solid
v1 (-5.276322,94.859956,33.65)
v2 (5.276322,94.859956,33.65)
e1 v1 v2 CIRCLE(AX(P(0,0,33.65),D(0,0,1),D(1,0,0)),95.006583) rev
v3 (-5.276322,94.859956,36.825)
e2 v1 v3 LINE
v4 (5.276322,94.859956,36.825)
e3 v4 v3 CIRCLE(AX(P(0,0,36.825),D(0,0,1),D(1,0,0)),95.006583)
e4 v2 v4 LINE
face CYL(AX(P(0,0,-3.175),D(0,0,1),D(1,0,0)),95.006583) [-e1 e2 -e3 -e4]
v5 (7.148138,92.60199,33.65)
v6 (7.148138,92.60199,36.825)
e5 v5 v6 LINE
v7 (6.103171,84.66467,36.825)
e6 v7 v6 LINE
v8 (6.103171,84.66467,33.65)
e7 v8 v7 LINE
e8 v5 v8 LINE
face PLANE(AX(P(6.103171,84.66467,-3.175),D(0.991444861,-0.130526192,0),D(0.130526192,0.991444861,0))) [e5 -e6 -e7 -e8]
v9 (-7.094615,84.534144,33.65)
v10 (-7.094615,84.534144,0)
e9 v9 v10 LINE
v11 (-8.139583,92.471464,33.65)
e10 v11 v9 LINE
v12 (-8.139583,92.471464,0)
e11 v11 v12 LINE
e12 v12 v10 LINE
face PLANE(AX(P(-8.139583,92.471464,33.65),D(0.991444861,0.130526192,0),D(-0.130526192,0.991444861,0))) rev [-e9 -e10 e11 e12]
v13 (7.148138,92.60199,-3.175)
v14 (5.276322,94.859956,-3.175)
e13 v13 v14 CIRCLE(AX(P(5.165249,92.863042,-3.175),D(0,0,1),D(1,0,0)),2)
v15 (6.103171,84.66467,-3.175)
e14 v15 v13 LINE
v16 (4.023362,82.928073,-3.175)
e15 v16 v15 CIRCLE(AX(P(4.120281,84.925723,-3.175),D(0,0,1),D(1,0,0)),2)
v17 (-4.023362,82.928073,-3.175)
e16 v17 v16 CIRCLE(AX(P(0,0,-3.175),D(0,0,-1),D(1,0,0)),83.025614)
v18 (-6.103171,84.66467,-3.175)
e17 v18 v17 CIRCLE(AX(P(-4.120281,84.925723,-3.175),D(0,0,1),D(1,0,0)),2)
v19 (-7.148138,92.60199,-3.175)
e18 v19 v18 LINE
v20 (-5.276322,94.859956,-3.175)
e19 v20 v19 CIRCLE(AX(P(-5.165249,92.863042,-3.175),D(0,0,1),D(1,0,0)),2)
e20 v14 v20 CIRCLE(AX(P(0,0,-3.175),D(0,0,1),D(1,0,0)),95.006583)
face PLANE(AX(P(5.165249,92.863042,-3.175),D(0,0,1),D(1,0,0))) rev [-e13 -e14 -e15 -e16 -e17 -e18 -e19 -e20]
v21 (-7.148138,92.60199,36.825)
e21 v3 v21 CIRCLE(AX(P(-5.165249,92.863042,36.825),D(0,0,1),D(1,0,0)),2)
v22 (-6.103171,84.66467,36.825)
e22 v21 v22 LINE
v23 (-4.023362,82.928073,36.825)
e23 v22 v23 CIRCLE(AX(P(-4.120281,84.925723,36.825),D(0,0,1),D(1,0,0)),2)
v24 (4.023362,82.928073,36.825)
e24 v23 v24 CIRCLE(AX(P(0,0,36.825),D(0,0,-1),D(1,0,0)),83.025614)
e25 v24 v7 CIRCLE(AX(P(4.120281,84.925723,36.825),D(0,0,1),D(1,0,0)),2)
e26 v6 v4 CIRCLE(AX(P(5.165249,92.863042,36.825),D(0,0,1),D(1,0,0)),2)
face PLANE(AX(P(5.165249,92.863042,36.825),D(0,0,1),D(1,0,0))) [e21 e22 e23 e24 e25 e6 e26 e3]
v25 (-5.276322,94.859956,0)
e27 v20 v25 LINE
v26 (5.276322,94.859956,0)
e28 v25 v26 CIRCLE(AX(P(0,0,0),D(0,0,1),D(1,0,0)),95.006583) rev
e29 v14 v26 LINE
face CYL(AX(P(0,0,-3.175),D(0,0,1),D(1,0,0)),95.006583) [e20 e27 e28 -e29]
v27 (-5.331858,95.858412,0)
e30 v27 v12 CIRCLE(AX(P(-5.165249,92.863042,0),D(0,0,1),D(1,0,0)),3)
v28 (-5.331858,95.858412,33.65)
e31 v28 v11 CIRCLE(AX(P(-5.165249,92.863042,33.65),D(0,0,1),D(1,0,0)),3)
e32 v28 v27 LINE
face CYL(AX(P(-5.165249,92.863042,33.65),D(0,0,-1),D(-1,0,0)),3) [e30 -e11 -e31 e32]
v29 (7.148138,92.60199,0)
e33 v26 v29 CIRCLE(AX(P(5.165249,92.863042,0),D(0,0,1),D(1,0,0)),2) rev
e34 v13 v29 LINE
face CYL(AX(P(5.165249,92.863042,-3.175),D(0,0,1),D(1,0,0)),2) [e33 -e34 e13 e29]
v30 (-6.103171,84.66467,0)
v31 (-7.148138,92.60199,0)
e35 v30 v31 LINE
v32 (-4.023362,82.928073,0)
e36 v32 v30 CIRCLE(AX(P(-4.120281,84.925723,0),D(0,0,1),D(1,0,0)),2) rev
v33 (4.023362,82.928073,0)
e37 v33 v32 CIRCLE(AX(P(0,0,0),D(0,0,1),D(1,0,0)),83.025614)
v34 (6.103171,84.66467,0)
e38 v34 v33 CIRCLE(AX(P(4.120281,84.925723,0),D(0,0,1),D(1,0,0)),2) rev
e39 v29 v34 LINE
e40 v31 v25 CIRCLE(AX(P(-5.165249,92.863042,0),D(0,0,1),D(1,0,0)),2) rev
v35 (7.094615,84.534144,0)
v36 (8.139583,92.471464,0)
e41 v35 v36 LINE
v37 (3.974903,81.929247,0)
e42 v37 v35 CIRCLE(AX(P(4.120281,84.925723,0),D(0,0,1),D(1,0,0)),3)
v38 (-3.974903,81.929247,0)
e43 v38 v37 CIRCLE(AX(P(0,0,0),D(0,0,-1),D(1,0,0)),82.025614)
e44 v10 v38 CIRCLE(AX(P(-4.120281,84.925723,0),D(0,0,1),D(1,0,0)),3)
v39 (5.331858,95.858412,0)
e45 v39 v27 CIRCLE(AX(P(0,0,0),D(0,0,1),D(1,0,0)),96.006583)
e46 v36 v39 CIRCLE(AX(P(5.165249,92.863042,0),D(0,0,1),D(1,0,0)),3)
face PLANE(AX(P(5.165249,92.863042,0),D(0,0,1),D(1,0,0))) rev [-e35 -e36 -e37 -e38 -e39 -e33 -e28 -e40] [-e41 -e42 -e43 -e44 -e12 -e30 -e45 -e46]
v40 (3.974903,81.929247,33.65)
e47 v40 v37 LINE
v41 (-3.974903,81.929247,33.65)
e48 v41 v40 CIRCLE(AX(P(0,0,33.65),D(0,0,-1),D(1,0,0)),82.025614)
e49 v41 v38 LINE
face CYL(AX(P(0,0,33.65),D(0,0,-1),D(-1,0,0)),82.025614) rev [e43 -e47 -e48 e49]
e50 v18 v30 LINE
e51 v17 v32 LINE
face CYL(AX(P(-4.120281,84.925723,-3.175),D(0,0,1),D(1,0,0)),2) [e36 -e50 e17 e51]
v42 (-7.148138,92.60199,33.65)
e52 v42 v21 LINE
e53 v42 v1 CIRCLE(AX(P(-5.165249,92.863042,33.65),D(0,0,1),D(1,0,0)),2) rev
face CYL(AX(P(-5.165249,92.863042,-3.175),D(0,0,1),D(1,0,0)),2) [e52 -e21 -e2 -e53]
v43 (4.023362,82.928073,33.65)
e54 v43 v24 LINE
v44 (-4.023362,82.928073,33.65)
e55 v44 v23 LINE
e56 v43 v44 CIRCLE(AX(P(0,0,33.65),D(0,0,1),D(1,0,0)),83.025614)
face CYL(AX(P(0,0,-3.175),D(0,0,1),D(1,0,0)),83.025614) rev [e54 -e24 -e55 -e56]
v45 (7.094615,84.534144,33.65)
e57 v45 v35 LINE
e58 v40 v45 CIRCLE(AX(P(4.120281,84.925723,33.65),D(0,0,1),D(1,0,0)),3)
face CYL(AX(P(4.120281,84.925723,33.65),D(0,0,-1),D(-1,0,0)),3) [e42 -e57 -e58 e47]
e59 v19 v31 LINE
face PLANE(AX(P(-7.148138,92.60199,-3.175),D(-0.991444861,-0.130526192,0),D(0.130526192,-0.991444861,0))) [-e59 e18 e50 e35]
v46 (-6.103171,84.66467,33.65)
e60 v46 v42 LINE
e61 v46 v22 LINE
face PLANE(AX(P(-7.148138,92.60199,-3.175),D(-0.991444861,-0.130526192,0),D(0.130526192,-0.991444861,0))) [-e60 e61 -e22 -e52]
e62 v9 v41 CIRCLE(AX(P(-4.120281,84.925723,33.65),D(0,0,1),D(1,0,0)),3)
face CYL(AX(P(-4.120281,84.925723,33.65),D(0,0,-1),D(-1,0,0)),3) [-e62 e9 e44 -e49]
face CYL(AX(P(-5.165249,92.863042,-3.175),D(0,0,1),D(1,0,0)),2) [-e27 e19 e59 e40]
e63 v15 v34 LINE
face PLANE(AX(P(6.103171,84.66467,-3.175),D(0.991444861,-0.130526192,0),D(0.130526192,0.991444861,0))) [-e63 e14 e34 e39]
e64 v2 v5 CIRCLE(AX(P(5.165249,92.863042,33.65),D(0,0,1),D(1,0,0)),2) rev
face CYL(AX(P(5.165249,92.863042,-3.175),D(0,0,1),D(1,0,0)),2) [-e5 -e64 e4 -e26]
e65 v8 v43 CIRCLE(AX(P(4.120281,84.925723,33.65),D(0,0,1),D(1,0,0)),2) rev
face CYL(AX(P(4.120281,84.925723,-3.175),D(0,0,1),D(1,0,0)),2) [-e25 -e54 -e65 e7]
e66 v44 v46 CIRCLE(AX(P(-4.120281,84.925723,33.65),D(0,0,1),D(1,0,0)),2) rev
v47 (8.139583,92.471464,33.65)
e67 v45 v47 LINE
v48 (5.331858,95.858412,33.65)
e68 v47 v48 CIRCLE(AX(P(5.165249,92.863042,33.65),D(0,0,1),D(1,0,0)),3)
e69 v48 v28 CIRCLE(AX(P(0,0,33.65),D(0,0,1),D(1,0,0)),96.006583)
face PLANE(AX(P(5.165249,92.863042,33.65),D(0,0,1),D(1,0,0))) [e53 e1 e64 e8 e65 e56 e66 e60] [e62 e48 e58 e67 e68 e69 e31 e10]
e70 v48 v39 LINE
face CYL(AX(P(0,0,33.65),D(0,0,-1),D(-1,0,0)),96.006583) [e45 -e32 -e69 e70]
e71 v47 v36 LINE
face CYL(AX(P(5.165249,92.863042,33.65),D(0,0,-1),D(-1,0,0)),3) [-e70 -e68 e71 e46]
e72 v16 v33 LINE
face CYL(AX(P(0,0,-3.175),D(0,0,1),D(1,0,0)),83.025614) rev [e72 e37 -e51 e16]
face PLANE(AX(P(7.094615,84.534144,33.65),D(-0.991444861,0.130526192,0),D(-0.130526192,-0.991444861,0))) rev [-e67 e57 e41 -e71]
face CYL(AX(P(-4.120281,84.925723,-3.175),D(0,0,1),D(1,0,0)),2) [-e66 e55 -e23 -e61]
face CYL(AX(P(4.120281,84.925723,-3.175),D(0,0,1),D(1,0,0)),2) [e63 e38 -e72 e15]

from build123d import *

# Parameters (mm, degrees)
BOSS_EXTRUDE1_DEPTH      = 36.825
BOSS_EXTRUDE1_DEPTH_BACK = 3.175
BOSS_EXTRUDE2_DEPTH      = 33.65


with BuildPart() as part:
    # Sketch1 → Boss-Extrude1 (new, two sides: drawn at the far end of the back side and taken through both)
    with BuildSketch(Plane.XY.offset(-BOSS_EXTRUDE1_DEPTH_BACK)):
        with BuildLine():
            Line((6.103170523, 84.664670477), (7.148138473, 92.601990083))
            ThreePointArc((7.148138473, 92.601990083), (6.704979898, 94.139454624), (5.276321506, 94.859955796))
            ThreePointArc((5.276321506, 94.859955796), (0, 95.006582836), (-5.276321506, 94.859955796))
            ThreePointArc((-5.276321506, 94.859955796), (-6.704979898, 94.139454624), (-7.148138473, 92.601990083))
            Line((-7.148138473, 92.601990083), (-6.103170523, 84.664670477))
            ThreePointArc((-6.103170523, 84.664670477), (-5.402140732, 83.39052414), (-4.023362223, 82.928072545))
            ThreePointArc((-4.023362223, 82.928072545), (0, 83.025614479), (4.023362223, 82.928072545))
            ThreePointArc((4.023362223, 82.928072545), (5.402140732, 83.39052414), (6.103170523, 84.664670477))
        make_face()
    extrude(amount=BOSS_EXTRUDE1_DEPTH + BOSS_EXTRUDE1_DEPTH_BACK)

    # Sketch2 → Boss-Extrude2 (add)
    with BuildSketch(Plane.XY):
        with BuildLine():
            Line((7.094615384, 84.534144285), (8.139583334, 92.47146389))
            ThreePointArc((8.139583334, 92.47146389), (7.474845471, 94.777660702), (5.331857885, 95.85841246))
            ThreePointArc((5.331857885, 95.85841246), (0, 96.006582836), (-5.331857885, 95.85841246))
            ThreePointArc((-5.331857885, 95.85841246), (-7.474845471, 94.777660702), (-8.139583334, 92.47146389))
            Line((-8.139583334, 92.47146389), (-7.094615384, 84.534144285))
            ThreePointArc((-7.094615384, 84.534144285), (-6.043070698, 82.622924779), (-3.974902934, 81.929247386))
            ThreePointArc((-3.974902934, 81.929247386), (0, 82.025614479), (3.974902934, 81.929247386))
            ThreePointArc((3.974902934, 81.929247386), (6.043070698, 82.622924779), (7.094615384, 84.534144285))
        make_face()
    extrude(amount=BOSS_EXTRUDE2_DEPTH)


solid = part.part
